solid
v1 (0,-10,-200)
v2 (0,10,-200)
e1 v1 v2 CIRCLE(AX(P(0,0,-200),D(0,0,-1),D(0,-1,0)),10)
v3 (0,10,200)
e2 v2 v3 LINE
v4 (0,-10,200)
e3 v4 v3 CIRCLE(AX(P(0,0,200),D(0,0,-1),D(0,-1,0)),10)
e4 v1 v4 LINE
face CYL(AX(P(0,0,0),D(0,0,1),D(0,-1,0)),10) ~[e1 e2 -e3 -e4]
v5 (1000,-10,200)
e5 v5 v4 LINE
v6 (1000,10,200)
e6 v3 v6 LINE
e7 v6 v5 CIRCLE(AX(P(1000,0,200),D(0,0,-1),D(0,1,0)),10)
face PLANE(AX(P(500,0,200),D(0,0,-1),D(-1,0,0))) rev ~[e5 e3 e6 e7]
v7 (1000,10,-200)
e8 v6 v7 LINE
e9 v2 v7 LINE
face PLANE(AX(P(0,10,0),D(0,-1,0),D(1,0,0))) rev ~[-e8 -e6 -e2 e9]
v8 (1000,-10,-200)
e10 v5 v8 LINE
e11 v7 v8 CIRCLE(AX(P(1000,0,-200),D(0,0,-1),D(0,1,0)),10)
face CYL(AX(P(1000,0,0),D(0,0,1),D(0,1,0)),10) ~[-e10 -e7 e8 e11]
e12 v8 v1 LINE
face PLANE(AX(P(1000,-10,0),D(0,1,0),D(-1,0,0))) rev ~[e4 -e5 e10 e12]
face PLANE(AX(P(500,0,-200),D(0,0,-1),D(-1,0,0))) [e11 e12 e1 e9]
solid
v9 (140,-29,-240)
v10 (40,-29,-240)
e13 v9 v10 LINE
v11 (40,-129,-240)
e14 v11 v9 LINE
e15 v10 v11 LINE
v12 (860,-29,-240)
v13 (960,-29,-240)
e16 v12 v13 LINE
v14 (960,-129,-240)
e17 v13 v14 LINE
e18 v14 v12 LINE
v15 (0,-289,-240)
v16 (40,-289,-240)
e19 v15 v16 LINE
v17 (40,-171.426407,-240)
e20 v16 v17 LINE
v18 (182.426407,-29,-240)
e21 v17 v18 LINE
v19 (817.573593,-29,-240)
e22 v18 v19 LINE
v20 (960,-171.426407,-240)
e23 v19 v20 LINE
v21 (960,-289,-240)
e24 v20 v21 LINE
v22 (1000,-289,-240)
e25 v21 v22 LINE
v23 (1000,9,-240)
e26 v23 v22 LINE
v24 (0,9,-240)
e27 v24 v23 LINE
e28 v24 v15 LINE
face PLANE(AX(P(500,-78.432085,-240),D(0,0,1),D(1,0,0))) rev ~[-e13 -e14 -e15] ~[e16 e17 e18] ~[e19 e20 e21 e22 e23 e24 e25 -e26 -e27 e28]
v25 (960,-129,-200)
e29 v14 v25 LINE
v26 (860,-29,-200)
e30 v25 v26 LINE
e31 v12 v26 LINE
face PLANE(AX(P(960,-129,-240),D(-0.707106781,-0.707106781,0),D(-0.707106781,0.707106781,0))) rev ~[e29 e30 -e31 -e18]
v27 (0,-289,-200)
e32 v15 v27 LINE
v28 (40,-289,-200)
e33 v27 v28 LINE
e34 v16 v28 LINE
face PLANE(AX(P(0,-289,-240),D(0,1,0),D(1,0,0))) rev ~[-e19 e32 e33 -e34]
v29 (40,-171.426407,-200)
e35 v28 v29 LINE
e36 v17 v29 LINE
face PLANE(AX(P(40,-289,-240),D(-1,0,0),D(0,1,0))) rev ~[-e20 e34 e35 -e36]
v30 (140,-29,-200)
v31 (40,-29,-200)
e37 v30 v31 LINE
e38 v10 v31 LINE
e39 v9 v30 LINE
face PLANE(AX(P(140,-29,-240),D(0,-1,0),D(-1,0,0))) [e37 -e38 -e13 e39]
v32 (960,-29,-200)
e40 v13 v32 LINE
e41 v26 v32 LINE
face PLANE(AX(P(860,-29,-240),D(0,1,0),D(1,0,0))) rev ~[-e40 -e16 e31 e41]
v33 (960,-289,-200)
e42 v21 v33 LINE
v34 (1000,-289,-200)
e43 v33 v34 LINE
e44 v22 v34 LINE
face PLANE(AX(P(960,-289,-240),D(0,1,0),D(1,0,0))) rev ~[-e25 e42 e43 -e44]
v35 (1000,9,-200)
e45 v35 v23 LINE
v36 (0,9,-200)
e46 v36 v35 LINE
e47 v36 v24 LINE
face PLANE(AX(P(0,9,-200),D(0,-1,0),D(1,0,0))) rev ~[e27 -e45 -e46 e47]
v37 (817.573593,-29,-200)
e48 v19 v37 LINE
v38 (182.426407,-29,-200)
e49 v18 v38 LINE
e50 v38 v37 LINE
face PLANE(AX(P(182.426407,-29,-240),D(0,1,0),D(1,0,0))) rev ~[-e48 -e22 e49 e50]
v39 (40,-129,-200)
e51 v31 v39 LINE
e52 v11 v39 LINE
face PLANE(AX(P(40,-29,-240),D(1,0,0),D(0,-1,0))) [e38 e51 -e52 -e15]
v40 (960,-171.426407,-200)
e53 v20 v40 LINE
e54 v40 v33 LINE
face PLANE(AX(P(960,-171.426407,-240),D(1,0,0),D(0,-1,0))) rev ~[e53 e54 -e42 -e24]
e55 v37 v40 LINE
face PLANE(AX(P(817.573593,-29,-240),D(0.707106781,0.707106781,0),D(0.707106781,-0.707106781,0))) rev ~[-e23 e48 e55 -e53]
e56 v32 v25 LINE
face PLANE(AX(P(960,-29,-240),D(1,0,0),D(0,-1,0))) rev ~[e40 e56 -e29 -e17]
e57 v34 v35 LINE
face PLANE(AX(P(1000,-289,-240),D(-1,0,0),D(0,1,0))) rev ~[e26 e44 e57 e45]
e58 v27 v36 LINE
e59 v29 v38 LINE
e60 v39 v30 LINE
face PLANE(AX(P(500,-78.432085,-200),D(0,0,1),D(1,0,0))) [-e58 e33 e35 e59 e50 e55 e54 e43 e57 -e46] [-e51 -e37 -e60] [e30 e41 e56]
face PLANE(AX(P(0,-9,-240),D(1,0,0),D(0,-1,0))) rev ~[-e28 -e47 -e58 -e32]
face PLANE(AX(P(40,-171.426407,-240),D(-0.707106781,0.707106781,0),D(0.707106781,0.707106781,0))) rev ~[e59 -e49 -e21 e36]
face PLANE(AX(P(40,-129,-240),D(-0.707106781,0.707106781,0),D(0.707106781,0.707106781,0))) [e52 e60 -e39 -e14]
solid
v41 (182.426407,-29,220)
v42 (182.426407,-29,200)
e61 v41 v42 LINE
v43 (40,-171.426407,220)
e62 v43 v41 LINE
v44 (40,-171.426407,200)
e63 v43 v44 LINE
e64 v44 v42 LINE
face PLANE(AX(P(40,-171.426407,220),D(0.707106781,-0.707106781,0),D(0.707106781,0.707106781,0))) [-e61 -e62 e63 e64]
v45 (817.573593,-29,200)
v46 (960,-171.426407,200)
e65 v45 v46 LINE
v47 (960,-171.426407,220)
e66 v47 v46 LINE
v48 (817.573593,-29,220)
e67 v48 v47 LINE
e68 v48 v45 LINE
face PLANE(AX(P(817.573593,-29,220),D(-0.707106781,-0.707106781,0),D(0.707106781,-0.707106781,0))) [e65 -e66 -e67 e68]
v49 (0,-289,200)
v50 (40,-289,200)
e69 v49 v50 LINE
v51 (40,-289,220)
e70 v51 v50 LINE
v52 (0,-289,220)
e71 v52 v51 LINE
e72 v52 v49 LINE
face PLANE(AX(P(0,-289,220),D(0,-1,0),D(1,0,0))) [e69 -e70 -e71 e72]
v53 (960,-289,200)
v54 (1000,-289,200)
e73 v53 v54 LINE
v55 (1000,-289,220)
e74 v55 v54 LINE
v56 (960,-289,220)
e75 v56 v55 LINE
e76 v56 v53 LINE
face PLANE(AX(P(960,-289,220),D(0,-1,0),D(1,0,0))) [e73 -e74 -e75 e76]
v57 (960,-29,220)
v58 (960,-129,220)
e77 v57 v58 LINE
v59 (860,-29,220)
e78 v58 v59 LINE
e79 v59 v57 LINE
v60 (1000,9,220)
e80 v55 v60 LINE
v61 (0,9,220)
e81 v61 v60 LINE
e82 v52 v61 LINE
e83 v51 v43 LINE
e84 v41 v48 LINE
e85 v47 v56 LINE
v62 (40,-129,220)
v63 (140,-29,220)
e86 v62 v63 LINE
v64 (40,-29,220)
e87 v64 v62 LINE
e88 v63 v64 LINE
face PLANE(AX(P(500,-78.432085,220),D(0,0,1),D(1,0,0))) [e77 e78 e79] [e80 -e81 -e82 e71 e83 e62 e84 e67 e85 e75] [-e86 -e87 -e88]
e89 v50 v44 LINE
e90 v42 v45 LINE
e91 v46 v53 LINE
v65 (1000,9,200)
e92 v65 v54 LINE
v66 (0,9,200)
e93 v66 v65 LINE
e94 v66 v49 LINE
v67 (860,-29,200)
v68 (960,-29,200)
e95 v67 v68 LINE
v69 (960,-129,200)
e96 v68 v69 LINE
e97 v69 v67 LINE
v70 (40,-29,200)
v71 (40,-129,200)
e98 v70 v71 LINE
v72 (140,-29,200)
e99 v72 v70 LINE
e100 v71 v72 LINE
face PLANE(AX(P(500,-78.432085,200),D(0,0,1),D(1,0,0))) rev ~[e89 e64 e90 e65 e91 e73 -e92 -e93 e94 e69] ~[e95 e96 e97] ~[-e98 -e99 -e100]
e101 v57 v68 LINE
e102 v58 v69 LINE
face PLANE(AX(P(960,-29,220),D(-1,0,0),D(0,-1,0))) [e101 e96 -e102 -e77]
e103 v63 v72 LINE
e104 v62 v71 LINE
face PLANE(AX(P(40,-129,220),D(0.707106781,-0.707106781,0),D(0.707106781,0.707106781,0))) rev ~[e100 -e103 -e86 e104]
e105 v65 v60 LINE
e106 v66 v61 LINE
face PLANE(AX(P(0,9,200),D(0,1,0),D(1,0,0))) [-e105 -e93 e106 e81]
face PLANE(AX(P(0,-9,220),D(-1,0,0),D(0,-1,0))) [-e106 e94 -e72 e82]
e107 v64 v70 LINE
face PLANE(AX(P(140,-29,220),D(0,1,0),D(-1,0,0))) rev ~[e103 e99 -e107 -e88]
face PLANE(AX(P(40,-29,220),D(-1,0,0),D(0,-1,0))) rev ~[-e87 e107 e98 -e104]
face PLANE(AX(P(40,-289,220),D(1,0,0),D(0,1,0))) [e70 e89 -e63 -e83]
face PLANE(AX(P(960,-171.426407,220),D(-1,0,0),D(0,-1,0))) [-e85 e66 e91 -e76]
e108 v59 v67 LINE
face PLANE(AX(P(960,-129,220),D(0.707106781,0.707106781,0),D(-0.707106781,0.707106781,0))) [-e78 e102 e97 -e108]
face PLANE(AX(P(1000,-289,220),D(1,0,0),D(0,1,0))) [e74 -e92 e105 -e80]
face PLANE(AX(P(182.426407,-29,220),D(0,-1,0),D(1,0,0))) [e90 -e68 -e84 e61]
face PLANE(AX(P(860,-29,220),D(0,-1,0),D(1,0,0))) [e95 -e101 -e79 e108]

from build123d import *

# Parameters (mm, degrees)
EXTRUDE_1_DEPTH = 200
SKETCH_2_W      = 1000
SKETCH_2_H      = 18
EXTRUDE_2_DEPTH = 20
EXTRUDE_3_DEPTH = 20
EXTRUDE_START   = -400
SKETCH_2_2_W    = 1000
SKETCH_2_2_H    = 18
EXTRUDE_4_DEPTH = 40
EXTRUDE_START_2 = -460
EXTRUDE_5_DEPTH = 40


with BuildPart() as part:
    # 草图1 → 凸台-拉伸1 (new, symmetric)
    with BuildSketch(Plane.XY):
        with BuildLine():
            Line((0, 10), (1000, 10))
            ThreePointArc((1000, 10), (1010, 0), (1000, -10))
            Line((1000, -10), (0, -10))
            ThreePointArc((0, -10), (-10, 0), (0, 10))
        make_face()
    extrude(amount=EXTRUDE_1_DEPTH, both=True)


with BuildPart() as body_2:
    # 草图2 → 凸台-拉伸2 (new body)
    with BuildSketch(Plane.XY.offset(200)):
        with Locations((500, 0)):
            Rectangle(SKETCH_2_W, SKETCH_2_H)
    extrude(amount=EXTRUDE_2_DEPTH)

    # 草图3 → 凸台-拉伸3 (add)
    with BuildSketch(Plane.XY.offset(220)):
        Polygon((0, -9), (0, -289), (40, -289), (40, -171.426406871), (182.426406871, -29), (817.573593129, -29), (960, -171.426406871), (960, -289), (1000, -289), (1000, -9), align=None)
        Polygon((40, -29), (40, -129), (140, -29), align=None, mode=Mode.SUBTRACT)
        Polygon((960, -129), (860, -29), (960, -29), align=None, mode=Mode.SUBTRACT)
    extrude(amount=-EXTRUDE_3_DEPTH)


with BuildPart() as body_3:
    # 草图2<2> → 凸台-拉伸4 (new body)
    with BuildSketch(Plane.XY.offset(200).offset(EXTRUDE_START)):
        with Locations((500, 0)):
            Rectangle(SKETCH_2_2_W, SKETCH_2_2_H)
    extrude(amount=-EXTRUDE_4_DEPTH)

    # 草图3<2> → 凸台-拉伸5 (add)
    with BuildSketch(Plane.XY.offset(220).offset(EXTRUDE_START_2)):
        Polygon((0, -9), (0, -289), (40, -289), (40, -171.426406871), (182.426406871, -29), (817.573593129, -29), (960, -171.426406871), (960, -289), (1000, -289), (1000, -9), align=None)
        Polygon((40, -29), (40, -129), (140, -29), align=None, mode=Mode.SUBTRACT)
        Polygon((960, -129), (860, -29), (960, -29), align=None, mode=Mode.SUBTRACT)
    extrude(amount=EXTRUDE_5_DEPTH)


solid = Compound([part.part, body_2.part, body_3.part])
